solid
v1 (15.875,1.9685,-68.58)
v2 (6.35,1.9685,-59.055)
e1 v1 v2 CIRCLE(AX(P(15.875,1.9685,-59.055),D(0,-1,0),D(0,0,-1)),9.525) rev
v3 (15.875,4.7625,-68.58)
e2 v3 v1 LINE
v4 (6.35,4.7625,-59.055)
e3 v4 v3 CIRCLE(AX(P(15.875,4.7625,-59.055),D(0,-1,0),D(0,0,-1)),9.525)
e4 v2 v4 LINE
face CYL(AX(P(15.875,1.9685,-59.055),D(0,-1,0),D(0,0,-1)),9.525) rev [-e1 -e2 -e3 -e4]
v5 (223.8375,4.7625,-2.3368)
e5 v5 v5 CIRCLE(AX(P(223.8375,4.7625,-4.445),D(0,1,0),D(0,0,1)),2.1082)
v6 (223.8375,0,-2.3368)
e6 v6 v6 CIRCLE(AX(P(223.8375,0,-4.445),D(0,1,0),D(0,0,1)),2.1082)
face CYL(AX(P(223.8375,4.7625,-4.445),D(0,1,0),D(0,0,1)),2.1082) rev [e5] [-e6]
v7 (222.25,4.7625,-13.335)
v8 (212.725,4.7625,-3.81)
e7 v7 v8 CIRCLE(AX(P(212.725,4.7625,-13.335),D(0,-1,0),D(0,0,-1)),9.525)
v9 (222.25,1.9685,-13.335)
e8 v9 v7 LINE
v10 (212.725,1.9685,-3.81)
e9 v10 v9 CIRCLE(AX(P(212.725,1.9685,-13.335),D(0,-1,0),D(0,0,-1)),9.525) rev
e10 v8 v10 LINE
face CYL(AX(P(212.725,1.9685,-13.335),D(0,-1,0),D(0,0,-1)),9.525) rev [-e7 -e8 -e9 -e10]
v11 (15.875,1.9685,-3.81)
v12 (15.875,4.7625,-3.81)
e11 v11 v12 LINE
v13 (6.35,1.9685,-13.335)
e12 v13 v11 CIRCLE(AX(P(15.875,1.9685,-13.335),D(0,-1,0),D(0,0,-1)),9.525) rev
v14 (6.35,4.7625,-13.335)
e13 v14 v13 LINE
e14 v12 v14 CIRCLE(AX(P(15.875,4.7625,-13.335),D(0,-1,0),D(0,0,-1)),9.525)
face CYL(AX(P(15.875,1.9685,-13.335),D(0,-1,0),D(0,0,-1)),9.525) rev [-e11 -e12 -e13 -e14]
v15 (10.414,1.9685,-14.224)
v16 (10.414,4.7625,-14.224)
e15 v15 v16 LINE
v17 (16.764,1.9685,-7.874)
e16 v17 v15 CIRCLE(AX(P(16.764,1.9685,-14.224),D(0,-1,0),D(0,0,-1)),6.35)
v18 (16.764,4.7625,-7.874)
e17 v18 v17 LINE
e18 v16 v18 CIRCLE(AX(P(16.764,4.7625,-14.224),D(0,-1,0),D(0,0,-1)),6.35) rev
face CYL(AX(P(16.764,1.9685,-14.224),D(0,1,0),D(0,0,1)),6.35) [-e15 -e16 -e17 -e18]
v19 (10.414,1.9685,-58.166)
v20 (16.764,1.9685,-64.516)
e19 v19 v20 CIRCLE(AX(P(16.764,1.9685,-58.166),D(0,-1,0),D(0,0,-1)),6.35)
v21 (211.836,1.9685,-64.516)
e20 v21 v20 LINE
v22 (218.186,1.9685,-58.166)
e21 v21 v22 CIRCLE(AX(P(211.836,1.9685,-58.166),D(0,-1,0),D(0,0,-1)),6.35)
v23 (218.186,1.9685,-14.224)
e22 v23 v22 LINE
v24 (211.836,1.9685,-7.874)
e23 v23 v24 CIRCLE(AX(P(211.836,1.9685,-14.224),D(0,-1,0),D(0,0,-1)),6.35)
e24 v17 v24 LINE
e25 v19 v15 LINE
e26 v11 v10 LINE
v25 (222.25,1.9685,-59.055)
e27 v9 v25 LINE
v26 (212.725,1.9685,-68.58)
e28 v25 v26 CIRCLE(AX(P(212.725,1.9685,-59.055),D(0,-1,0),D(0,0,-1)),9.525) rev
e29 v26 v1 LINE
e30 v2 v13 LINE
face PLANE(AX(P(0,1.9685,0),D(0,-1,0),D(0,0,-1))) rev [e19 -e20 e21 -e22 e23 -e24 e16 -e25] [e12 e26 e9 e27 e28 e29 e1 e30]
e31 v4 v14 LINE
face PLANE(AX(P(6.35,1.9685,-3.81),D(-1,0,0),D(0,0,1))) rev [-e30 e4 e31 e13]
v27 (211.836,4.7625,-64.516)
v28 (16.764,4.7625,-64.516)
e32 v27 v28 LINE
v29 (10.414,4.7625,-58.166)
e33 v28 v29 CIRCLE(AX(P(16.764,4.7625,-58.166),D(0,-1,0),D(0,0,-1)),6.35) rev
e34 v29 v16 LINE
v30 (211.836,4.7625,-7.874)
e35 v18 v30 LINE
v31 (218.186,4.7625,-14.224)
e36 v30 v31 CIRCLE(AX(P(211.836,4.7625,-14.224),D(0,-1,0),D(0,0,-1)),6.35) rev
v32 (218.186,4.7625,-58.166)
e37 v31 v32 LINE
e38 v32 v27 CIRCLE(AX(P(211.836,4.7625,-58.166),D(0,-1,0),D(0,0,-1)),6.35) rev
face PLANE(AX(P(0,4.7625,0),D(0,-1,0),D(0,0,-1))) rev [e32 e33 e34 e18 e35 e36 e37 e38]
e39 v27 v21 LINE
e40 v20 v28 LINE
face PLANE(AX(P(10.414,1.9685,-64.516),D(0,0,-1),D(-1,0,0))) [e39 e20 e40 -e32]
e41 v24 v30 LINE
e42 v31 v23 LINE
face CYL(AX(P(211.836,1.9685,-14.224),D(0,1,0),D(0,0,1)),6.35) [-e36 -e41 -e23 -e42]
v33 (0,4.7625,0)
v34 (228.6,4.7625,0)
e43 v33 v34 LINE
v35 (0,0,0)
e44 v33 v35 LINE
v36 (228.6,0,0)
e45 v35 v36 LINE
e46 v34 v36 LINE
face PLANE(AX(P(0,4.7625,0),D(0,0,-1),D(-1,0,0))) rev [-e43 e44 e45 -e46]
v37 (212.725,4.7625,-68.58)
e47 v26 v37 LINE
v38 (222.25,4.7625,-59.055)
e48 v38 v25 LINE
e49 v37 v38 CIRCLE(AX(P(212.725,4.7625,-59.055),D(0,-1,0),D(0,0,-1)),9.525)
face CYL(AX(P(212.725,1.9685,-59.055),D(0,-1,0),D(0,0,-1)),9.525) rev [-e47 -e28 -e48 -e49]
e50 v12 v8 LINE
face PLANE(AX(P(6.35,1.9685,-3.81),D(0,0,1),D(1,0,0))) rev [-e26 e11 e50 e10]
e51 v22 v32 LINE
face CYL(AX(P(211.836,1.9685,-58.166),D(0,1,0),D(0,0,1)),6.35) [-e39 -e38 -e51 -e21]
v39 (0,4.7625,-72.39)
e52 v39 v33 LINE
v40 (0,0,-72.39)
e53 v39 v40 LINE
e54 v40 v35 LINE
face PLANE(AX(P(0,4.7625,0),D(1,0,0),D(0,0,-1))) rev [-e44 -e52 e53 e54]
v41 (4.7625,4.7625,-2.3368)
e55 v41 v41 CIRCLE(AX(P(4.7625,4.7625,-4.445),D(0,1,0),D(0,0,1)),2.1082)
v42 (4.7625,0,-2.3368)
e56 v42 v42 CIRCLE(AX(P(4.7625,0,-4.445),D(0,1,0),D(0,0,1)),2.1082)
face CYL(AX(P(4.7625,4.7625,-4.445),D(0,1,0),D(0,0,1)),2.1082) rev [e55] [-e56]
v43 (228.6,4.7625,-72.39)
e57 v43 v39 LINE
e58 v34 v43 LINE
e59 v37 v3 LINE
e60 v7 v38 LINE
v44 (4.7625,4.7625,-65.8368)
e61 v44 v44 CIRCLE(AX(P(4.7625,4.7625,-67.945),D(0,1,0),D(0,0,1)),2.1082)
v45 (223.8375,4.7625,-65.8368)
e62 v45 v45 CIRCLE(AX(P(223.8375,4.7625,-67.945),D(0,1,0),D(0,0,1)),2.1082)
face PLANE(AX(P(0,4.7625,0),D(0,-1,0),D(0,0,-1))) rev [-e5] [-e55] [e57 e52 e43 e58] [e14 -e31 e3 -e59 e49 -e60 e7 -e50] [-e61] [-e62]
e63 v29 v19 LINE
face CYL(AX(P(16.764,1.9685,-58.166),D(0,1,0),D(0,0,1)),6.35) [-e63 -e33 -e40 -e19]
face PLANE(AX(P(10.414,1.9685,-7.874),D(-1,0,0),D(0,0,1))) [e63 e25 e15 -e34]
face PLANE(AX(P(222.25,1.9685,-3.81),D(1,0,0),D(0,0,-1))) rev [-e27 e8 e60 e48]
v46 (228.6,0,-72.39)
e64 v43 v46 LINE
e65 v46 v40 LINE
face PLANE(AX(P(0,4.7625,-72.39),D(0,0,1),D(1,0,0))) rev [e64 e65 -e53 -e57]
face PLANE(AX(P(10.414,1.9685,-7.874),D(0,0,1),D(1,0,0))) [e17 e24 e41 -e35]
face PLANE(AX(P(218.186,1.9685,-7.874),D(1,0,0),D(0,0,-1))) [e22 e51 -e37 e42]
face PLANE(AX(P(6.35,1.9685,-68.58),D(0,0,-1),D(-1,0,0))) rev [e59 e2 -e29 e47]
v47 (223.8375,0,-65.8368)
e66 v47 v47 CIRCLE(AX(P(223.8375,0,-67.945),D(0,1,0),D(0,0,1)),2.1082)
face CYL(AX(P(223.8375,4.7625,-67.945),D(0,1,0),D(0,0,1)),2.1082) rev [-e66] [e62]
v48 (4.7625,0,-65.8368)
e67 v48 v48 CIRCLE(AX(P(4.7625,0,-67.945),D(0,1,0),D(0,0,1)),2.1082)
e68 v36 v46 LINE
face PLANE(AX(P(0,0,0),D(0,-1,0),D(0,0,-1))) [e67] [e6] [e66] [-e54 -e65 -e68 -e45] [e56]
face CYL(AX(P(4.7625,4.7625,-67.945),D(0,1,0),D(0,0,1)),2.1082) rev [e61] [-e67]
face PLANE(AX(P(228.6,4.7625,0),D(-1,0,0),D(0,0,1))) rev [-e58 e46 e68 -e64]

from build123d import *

# Parameters (mm, degrees)
SKETCH1_W                   = 228.6
SKETCH1_H                   = 72.39
BOSS_EXTRUDE1_DEPTH         = 4.7625
SKETCH2_W                   = 215.9
SKETCH2_H                   = 64.77
SKETCH2_W_2                 = 207.772
SKETCH2_H_2                 = 56.642
CUT_EXTRUDE1_DEPTH          = 2.794
FILLET1_R                   = 9.525
FILLET2_R                   = 6.35
F_19_0_166_DIAMETER_HOLE1_D = 4.2164
LPATTERN1_COUNT             = 2
LPATTERN1_PITCH             = 219.075
LPATTERN1_COUNT_DIR2        = 2
LPATTERN1_PITCH_DIR2        = 63.5


with BuildPart() as part:
    # Sketch1 → Boss-Extrude1 (new body)
    with BuildSketch(Plane(origin=(0, 0, 0), x_dir=(1, 0, 0), z_dir=(0, 1, 0))):
        with Locations((114.3, 36.195)):
            Rectangle(SKETCH1_W, SKETCH1_H)
    extrude(amount=BOSS_EXTRUDE1_DEPTH)

    # Sketch2 → Cut-Extrude1 (cut)
    with BuildSketch(Plane(origin=(0, 4.7625, 0), x_dir=(1, 0, 0), z_dir=(0, 1, 0))):
        with Locations((114.3, 36.195)):
            Rectangle(SKETCH2_W, SKETCH2_H)
        with Locations((114.3, 36.195)):
            Rectangle(SKETCH2_W_2, SKETCH2_H_2, mode=Mode.SUBTRACT)
    extrude(amount=-CUT_EXTRUDE1_DEPTH, mode=Mode.SUBTRACT)

    # Fillet1
    fillet1_edges = [part.edges().sort_by_distance(p)[0] for p in [
        (6.35, 3.3655, -3.81),
        (6.35, 3.3655, -68.58),
        (222.25, 3.3655, -68.58),
        (222.25, 3.3655, -3.81),
    ]]
    fillet(fillet1_edges, radius=FILLET1_R)

    # Fillet2
    fillet2_edges = [part.edges().sort_by_distance(p)[0] for p in [
        (10.414, 3.3655, -64.516),
        (218.186, 3.3655, -64.516),
        (218.186, 3.3655, -7.874),
        (10.414, 3.3655, -7.874),
    ]]
    fillet(fillet2_edges, radius=FILLET2_R)

    # #19 (0.166) Diameter Hole1 (through all)
    with Locations(Plane(origin=(0, 4.7625, 0), x_dir=(1, 0, 0), z_dir=(0, 1, 0))):
        with Locations((4.7625, 4.445)):
            f_19_0_166_diameter_hole1 = Hole(F_19_0_166_DIAMETER_HOLE1_D / 2)

    # LPattern1: 19 _0.166_ Diameter Hole1 2 × 2
    with Locations(*[(i * LPATTERN1_PITCH, 0, -j * LPATTERN1_PITCH_DIR2) for i in range(LPATTERN1_COUNT) for j in range(LPATTERN1_COUNT_DIR2) if (i, j) != (0, 0)]):
        add(f_19_0_166_diameter_hole1, mode=Mode.SUBTRACT)


solid = part.part
